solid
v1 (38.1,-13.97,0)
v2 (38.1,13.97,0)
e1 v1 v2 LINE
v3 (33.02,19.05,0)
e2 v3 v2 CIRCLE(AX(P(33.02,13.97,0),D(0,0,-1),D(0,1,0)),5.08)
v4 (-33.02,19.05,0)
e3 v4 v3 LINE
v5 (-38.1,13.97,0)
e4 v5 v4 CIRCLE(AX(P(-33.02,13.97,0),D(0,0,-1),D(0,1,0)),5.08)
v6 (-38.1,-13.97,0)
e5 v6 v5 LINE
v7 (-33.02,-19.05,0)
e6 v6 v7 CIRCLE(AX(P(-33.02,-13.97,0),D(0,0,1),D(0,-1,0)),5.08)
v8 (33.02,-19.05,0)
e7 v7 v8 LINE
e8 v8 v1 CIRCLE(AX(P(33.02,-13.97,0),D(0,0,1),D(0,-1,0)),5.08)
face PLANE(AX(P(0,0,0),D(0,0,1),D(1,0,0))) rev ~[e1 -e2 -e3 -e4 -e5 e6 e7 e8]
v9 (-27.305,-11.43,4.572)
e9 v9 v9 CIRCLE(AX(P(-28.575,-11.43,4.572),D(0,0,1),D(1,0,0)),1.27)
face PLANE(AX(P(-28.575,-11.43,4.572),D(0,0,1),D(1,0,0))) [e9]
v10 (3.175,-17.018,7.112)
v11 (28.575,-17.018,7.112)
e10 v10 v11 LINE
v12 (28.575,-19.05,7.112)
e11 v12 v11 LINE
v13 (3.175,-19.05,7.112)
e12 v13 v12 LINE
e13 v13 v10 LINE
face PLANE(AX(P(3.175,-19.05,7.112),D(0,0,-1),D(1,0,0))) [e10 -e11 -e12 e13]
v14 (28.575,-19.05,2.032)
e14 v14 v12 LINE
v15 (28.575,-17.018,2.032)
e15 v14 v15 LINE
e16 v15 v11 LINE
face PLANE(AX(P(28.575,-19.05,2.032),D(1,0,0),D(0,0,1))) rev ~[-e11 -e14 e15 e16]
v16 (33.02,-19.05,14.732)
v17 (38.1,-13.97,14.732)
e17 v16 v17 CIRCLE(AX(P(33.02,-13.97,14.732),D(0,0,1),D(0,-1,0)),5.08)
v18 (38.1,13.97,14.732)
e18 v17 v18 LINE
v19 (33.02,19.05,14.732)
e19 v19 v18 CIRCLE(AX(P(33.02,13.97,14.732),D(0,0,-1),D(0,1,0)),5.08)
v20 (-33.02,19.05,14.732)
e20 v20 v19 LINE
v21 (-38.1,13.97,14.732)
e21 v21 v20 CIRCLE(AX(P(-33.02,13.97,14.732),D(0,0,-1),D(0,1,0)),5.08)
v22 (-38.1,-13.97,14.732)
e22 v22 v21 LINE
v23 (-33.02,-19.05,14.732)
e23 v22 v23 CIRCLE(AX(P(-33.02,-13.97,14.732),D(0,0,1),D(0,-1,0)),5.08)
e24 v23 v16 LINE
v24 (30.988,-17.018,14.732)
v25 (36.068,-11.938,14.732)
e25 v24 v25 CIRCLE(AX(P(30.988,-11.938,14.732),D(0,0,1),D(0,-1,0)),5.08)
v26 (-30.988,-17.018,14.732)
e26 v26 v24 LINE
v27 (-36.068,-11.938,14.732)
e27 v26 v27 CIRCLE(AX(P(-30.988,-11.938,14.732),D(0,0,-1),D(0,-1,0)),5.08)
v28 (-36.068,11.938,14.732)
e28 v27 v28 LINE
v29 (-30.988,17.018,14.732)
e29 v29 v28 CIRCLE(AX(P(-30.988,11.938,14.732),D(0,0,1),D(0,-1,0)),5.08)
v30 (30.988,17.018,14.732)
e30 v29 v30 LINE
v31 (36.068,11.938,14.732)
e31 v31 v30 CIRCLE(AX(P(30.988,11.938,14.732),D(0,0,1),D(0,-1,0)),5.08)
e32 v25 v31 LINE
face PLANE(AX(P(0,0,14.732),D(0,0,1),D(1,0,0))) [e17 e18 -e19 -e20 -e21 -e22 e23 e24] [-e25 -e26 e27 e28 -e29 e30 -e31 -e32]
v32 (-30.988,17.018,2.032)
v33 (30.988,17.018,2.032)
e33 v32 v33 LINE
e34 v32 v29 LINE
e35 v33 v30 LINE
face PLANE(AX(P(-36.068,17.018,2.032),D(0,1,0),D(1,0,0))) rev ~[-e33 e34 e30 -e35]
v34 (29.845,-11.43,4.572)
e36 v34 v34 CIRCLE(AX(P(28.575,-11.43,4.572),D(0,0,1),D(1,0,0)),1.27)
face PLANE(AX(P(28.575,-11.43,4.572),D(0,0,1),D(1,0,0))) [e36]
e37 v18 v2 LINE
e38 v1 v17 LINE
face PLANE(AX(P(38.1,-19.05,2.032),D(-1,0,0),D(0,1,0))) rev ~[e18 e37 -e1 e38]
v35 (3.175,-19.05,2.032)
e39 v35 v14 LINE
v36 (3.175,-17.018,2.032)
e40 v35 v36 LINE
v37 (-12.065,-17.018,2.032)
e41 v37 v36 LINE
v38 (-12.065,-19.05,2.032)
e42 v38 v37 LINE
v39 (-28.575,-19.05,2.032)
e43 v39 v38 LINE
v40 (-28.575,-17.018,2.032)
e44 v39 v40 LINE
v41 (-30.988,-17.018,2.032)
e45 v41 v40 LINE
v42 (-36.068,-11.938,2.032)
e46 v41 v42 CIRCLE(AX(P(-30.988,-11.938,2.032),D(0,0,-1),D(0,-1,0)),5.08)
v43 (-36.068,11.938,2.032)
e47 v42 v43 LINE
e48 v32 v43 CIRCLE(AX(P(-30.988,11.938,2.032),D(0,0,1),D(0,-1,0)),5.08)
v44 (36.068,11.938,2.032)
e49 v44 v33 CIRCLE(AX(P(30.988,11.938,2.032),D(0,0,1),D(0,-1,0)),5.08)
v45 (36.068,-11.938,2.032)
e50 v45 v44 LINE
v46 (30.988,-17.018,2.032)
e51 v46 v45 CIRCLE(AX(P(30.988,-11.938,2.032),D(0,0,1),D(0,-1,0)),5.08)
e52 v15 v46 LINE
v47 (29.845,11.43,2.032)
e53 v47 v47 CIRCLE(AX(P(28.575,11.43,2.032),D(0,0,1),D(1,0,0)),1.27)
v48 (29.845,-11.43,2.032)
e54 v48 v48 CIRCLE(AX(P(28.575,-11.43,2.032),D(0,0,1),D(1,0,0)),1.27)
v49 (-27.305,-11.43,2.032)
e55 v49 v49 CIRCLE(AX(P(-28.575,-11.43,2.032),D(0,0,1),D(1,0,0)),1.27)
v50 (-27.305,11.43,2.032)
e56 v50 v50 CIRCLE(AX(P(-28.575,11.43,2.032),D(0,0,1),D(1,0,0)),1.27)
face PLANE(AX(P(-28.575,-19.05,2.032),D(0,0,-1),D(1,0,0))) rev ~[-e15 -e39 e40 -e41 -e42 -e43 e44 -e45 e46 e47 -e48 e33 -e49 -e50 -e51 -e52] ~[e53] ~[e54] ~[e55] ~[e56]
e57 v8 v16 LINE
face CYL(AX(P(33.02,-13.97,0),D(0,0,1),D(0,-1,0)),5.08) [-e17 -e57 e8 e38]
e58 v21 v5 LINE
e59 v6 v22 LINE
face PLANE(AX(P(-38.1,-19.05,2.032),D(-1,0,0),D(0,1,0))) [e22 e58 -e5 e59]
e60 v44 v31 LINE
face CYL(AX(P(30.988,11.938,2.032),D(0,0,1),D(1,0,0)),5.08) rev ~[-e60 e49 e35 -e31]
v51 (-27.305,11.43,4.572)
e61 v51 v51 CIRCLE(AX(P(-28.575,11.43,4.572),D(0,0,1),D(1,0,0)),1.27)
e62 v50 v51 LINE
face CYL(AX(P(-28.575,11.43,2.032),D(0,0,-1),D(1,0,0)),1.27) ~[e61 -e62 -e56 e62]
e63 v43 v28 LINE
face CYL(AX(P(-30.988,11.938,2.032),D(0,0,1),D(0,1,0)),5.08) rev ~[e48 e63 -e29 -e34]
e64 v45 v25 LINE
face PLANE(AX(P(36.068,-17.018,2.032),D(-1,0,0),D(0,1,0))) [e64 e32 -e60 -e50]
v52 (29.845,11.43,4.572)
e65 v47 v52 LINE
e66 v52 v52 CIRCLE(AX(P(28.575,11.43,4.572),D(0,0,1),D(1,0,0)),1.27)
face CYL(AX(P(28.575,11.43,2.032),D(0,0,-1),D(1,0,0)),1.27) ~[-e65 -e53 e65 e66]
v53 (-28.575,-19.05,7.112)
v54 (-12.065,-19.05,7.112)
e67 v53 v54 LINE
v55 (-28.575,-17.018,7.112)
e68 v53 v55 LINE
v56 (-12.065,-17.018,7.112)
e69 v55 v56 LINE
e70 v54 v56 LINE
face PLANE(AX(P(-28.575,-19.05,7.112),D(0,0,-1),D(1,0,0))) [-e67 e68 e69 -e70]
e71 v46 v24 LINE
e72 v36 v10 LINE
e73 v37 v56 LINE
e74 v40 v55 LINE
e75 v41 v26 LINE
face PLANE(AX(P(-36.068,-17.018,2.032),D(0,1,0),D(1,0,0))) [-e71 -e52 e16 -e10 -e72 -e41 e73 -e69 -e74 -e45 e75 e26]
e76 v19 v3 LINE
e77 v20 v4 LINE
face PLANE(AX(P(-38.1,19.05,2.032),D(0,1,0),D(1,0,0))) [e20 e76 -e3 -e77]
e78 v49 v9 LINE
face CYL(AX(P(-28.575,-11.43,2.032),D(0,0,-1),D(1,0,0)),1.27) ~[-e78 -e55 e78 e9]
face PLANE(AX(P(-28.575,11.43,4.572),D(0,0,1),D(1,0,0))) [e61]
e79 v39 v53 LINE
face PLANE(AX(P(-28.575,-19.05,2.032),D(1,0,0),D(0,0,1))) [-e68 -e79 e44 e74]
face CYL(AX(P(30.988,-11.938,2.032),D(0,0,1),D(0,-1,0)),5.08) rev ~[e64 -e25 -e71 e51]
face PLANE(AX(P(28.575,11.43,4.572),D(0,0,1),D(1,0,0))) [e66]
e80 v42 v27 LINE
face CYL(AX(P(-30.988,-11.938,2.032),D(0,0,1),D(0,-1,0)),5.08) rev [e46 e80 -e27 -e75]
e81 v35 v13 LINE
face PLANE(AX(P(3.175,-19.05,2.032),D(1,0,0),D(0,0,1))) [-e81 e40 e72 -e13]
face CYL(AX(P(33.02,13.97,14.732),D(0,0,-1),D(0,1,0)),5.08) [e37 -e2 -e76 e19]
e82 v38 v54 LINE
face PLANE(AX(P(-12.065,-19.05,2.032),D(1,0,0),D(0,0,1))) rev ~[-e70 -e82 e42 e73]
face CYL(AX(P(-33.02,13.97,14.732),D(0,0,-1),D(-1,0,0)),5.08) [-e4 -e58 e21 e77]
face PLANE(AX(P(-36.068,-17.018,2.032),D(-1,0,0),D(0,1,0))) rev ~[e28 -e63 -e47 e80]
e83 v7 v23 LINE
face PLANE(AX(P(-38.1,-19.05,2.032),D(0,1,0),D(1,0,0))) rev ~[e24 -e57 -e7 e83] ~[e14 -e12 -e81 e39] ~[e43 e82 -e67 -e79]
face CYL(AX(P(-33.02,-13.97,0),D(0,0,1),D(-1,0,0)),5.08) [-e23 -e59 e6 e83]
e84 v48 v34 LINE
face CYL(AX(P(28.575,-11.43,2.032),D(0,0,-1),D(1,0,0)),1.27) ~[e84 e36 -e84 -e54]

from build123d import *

# Parameters (mm, degrees)
F0_W     = 76.2
F0_H     = 38.1
F1_DEPTH = 2.032
F2_W     = 76.2
F2_H     = 38.1
F2_W_2   = 72.136
F2_H_2   = 34.036
F3_DEPTH = 12.7
F4_R     = 1.27
F5_DEPTH = 2.54
F6_W     = 16.51
F6_H     = 5.08
F6_W_2   = 25.4
F7_DEPTH = 2.032
F8_R     = 5.08
F9_R     = 5.08


with BuildPart() as f1:
    # F0 (on Top) → F1 (new body)
    with BuildSketch(Plane.XY):
        Rectangle(F0_W, F0_H)
    extrude(amount=F1_DEPTH)

    # F2 (on face) → F3 (join)
    with BuildSketch(Plane.XY.offset(2.032)):
        Rectangle(F2_W, F2_H)
        Rectangle(F2_W_2, F2_H_2, mode=Mode.SUBTRACT)
    extrude(amount=F3_DEPTH)

    # F4 (on face) → F5 (join)
    with BuildSketch(Plane.XY.offset(2.032)):
        with Locations((-28.575, 11.43)):
            Circle(F4_R)
        with Locations((-28.575, -11.43)):
            Circle(F4_R)
        with Locations((28.575, -11.43)):
            Circle(F4_R)
        with Locations((28.575, 11.43)):
            Circle(F4_R)
    extrude(amount=F5_DEPTH)

    # F6 (on face) → F7 (cut)
    with BuildSketch(Plane.XZ.offset(19.05)):
        with Locations((-20.32, 4.572)):
            Rectangle(F6_W, F6_H)
        with Locations((15.875, 4.572)):
            Rectangle(F6_W_2, F6_H)
    extrude(amount=-F7_DEPTH, mode=Mode.SUBTRACT)

    # F8
    f8_edges = [f1.edges().sort_by_distance(p)[0] for p in [
        (-36.068, 17.018, 8.382),
        (-36.068, -17.018, 8.382),
        (36.068, 17.018, 8.382),
        (36.068, -17.018, 8.382),
    ]]
    fillet(f8_edges, radius=F8_R)

    # F9
    f9_edges = [f1.edges().sort_by_distance(p)[0] for p in [
        (-38.1, -19.05, 7.366),
        (38.1, -19.05, 7.366),
        (38.1, 19.05, 7.366),
        (-38.1, 19.05, 7.366),
    ]]
    fillet(f9_edges, radius=F9_R)


solid = f1.part
